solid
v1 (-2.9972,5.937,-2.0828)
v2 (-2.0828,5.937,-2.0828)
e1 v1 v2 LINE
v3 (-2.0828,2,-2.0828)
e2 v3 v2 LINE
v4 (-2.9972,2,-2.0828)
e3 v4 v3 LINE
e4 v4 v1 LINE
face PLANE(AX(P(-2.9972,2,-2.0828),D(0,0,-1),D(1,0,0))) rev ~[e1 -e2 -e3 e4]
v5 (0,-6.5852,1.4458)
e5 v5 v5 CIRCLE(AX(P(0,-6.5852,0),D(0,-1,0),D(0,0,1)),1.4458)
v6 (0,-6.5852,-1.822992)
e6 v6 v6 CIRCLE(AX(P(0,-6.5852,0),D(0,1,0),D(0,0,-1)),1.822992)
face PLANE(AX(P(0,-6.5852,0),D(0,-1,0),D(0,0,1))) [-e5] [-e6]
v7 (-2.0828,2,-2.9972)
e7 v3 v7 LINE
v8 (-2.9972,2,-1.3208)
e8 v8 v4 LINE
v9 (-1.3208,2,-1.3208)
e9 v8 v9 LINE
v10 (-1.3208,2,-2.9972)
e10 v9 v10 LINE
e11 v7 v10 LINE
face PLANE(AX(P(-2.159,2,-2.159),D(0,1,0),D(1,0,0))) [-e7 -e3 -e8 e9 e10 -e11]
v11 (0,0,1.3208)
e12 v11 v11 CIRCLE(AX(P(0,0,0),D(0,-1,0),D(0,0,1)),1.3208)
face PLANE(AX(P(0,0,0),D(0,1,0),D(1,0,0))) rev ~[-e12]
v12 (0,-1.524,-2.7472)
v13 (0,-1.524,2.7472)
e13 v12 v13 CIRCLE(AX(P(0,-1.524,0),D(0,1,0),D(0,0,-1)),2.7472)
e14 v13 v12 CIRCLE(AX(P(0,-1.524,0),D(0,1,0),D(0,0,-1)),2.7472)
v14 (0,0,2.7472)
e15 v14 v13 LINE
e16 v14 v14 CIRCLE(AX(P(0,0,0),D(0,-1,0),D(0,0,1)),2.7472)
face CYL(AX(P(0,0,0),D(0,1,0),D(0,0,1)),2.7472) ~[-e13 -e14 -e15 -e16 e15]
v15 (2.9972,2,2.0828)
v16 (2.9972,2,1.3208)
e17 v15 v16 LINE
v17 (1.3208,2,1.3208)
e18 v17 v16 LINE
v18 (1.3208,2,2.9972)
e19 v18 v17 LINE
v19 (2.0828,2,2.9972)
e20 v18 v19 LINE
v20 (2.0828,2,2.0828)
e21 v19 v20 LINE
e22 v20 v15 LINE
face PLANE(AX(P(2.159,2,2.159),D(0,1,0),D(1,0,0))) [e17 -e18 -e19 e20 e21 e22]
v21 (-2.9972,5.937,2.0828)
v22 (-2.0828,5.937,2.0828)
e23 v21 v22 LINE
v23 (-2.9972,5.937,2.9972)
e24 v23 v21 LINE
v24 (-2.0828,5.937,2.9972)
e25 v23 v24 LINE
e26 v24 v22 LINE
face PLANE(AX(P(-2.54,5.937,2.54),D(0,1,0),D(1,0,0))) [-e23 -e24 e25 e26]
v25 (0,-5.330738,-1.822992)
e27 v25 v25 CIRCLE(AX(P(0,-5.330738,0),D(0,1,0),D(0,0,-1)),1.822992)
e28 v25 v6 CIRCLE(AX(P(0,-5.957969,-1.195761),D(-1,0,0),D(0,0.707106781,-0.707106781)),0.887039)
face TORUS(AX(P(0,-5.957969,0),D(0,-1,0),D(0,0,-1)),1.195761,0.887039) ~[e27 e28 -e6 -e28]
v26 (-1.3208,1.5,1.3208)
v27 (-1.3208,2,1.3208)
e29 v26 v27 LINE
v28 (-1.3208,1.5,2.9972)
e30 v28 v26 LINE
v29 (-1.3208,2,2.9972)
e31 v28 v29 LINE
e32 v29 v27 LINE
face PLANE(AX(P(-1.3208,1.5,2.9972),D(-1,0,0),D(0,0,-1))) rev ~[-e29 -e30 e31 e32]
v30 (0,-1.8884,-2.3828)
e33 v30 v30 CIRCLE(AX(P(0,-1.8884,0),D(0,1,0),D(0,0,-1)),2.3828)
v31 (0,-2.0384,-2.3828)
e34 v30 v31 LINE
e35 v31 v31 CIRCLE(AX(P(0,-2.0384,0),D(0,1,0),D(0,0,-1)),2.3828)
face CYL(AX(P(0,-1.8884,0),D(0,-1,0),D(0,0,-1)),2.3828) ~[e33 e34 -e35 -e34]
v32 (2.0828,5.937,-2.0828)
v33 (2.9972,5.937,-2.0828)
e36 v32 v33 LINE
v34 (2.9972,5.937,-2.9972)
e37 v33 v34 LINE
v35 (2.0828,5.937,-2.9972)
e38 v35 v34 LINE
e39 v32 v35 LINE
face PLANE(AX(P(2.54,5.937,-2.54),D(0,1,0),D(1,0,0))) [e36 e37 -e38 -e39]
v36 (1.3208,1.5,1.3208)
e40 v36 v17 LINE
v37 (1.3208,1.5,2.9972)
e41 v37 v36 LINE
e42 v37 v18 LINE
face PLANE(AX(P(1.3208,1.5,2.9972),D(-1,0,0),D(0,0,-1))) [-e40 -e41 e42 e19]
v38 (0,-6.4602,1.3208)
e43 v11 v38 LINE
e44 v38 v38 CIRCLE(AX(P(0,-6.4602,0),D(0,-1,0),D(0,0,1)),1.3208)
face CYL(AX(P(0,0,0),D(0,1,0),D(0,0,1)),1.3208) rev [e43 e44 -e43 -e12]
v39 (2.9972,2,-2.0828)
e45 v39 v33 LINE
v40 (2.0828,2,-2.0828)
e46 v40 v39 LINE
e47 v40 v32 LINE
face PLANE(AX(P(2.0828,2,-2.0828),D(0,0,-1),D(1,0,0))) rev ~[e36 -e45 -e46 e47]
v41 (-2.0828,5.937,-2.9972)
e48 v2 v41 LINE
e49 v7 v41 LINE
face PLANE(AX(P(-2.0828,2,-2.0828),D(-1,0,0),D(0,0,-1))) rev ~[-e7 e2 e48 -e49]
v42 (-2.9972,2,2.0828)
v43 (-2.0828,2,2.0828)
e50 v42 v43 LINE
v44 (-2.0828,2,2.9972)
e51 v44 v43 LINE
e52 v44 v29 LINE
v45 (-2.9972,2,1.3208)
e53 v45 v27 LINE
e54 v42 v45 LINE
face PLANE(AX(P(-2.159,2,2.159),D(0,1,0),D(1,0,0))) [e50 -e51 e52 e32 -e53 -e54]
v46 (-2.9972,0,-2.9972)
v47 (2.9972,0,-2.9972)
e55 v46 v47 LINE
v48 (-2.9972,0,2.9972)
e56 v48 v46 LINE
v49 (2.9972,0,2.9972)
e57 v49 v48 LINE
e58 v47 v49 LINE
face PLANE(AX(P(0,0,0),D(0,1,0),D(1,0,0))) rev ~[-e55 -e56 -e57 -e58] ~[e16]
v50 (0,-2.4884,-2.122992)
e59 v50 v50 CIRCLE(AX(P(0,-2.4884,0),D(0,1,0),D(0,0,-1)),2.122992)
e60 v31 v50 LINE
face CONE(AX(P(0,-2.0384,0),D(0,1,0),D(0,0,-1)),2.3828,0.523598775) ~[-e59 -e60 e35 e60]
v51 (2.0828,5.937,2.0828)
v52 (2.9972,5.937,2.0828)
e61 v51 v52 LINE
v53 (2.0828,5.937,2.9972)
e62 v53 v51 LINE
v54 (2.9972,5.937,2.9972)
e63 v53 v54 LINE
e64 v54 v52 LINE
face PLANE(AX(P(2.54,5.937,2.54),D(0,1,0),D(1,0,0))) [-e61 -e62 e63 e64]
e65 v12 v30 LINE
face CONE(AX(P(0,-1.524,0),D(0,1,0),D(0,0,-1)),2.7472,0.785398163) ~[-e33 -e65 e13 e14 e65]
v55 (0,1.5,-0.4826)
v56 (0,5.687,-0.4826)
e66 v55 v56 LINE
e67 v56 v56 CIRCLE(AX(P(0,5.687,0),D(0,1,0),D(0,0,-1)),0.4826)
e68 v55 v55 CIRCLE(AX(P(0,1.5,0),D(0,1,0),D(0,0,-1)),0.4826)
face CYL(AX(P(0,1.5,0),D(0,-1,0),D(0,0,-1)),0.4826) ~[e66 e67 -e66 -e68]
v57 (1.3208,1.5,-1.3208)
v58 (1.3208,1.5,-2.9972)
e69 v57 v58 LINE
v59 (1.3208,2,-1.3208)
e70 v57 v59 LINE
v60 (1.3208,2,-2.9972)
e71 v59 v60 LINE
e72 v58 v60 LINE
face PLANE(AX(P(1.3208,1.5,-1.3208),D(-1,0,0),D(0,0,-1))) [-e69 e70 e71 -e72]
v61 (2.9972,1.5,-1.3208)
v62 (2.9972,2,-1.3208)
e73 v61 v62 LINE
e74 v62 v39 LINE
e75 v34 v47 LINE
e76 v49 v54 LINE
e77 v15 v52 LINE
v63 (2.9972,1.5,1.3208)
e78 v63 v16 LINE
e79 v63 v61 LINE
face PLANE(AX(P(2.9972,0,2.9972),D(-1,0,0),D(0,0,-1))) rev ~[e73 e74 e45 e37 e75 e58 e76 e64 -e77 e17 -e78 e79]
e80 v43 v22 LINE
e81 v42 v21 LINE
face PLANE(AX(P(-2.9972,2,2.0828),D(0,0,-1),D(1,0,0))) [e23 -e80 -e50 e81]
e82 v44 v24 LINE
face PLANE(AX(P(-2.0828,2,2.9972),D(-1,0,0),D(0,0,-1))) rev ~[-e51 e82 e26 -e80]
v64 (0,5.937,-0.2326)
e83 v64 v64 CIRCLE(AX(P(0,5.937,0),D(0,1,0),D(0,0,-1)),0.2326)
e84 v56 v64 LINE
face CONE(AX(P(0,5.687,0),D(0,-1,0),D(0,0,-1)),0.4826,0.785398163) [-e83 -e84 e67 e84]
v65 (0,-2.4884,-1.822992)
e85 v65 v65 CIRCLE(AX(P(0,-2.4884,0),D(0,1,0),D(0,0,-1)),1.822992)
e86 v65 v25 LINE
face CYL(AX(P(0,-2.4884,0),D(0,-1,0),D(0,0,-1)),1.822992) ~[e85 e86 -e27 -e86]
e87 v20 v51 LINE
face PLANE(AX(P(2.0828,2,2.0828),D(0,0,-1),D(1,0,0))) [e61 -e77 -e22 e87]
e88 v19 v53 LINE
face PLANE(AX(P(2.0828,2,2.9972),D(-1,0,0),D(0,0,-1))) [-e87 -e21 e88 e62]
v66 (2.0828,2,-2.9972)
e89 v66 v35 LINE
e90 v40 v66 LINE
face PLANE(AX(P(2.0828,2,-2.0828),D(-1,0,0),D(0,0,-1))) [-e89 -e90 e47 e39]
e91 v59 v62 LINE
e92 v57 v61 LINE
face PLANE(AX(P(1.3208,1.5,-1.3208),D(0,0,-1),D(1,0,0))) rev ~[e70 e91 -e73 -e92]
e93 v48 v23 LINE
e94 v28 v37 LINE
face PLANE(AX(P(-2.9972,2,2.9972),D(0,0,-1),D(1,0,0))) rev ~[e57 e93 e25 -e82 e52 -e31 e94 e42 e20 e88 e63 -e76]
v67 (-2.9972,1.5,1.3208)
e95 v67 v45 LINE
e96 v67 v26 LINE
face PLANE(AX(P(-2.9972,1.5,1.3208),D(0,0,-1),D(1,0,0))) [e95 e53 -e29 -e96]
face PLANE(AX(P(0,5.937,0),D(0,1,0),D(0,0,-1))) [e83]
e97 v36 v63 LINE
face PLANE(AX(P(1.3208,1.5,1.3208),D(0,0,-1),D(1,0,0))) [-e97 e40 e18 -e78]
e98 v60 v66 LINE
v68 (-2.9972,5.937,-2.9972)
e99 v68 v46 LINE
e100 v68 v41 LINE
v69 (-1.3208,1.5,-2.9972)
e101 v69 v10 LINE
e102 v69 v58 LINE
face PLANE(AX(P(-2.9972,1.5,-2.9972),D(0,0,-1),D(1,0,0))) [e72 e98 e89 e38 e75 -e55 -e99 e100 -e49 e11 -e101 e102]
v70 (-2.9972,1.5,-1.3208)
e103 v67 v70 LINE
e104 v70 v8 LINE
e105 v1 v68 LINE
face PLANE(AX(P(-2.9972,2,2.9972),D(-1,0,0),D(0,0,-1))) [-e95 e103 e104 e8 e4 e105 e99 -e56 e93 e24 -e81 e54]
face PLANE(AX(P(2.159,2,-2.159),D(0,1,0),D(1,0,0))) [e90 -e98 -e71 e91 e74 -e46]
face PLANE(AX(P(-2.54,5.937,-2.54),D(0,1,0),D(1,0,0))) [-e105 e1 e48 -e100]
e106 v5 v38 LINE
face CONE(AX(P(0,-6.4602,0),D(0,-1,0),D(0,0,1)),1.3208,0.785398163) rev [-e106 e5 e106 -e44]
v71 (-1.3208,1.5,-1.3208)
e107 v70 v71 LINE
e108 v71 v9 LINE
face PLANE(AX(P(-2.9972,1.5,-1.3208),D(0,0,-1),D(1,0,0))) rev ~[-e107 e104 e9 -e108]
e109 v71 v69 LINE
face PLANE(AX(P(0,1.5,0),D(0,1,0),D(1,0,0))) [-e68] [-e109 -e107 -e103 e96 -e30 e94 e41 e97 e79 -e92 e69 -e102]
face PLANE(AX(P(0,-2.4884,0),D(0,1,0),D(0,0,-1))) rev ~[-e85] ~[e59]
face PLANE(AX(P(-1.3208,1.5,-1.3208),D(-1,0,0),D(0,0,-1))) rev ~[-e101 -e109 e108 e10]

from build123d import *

# Parameters (mm, degrees)
SKETCH1_W           = 5.9944
SKETCH1_H           = 5.9944
BOSS_EXTRUDE1_DEPTH = 1.5
SKETCH2_W           = 1.6764
SKETCH2_H           = 1.6764
BOSS_EXTRUDE2_DEPTH = 0.5
SKETCH3_W           = 0.9144
SKETCH3_H           = 0.9144
BOSS_EXTRUDE3_DEPTH = 3.937
SKETCH4_R           = 2.7472
SKETCH4_R_2         = 1.3208
BOSS_EXTRUDE4_DEPTH = 6.5852
CHAMFER1_SIZE       = 0.125
SKETCH7_R           = 0.4826
BOSS_EXTRUDE5_DEPTH = 4.437
CHAMFER2_SIZE       = 0.25


with BuildPart() as part:
    # Sketch1 → Boss-Extrude1 (new body)
    with BuildSketch(Plane(origin=(0, 0, 0), x_dir=(1, 0, 0), z_dir=(0, 1, 0))):
        Rectangle(SKETCH1_W, SKETCH1_H)
    extrude(amount=BOSS_EXTRUDE1_DEPTH)

    # Sketch2 → Boss-Extrude2 (add)
    with BuildSketch(Plane(origin=(0, 1.5, 0), x_dir=(1, 0, 0), z_dir=(0, 1, 0))):
        with Locations((-2.159, 2.159)):
            Rectangle(SKETCH2_W, SKETCH2_H)
        with Locations((2.159, 2.159)):
            Rectangle(SKETCH2_W, SKETCH2_H)
        with Locations((2.159, -2.159)):
            Rectangle(SKETCH2_W, SKETCH2_H)
        with Locations((-2.159, -2.159)):
            Rectangle(SKETCH2_W, SKETCH2_H)
    extrude(amount=BOSS_EXTRUDE2_DEPTH)

    # Sketch3 → Boss-Extrude3 (add)
    with BuildSketch(Plane(origin=(0, 2, 0), x_dir=(1, 0, 0), z_dir=(0, 1, 0))):
        with Locations((-2.54, -2.54)):
            Rectangle(SKETCH3_W, SKETCH3_H)
        with Locations((2.54, -2.54)):
            Rectangle(SKETCH3_W, SKETCH3_H)
        with Locations((2.54, 2.54)):
            Rectangle(SKETCH3_W, SKETCH3_H)
        with Locations((-2.54, 2.54)):
            Rectangle(SKETCH3_W, SKETCH3_H)
    extrude(amount=BOSS_EXTRUDE3_DEPTH)

    # Sketch4 → Boss-Extrude4 (add)
    with BuildSketch(Plane.XZ):
        with Locations(Location((0, 0, 0), (0, 0, 90))):
            Circle(SKETCH4_R)
        with Locations(Location((0, 0, 0), (0, 0, 90))):
            Circle(SKETCH4_R_2, mode=Mode.SUBTRACT)
    extrude(amount=BOSS_EXTRUDE4_DEPTH)

    # Chamfer1
    chamfer1_edges = [part.edges().sort_by_distance(p)[0] for p in [
        (0, -6.5852, -1.3208),
        (0, -6.5852, -2.7472),
    ]]
    chamfer(chamfer1_edges, length=CHAMFER1_SIZE)

    # Sketch5 → Cut-Revolve1 (revolve, cut)
    with BuildSketch(Plane.XY, mode=Mode.PRIVATE) as cut_revolve1_sk:
        with BuildLine():
            Line((-2.7472, 0), (-2.7472, -1.524))
            Line((-2.7472, -1.524), (-2.3828, -1.8884))
            Line((-2.3828, -1.8884), (-2.3828, -2.0384))
            Line((-2.3828, -2.0384), (-2.122992379, -2.4884))
            Line((-2.122992379, -2.4884), (-1.822992379, -2.4884))
            Line((-1.822992379, -2.4884), (-1.822992379, -5.330737835))
            ThreePointArc((-1.822992379, -5.330737835), (-2.0828, -5.957968917), (-1.822992379, -6.5852))
            Line((-1.822992379, -6.5852), (-3.193096247, -6.5852))
            Line((-3.193096247, -6.5852), (-3.193096247, 0))
            Line((-3.193096247, 0), (-2.7472, 0))
        make_face()
    revolve(cut_revolve1_sk.sketch.rotate(Axis((0, -6.4602, 0), (0, 1, 0)), 270), axis=Axis((0, -6.4602, 0), (0, 1, 0)), mode=Mode.SUBTRACT)

    # Sketch7 → Boss-Extrude5 (add)
    with BuildSketch(Plane(origin=(0, 1.5, 0), x_dir=(1, 0, 0), z_dir=(0, 1, 0))):
        with Locations(Location((0, 0, 0), (0, 0, 90))):
            Circle(SKETCH7_R)
    extrude(amount=BOSS_EXTRUDE5_DEPTH)

    # Chamfer2
    chamfer2_edges = [part.edges().sort_by_distance(p)[0] for p in [
        (0, 5.937, 0.4826),
    ]]
    chamfer(chamfer2_edges, length=CHAMFER2_SIZE)


solid = part.part
